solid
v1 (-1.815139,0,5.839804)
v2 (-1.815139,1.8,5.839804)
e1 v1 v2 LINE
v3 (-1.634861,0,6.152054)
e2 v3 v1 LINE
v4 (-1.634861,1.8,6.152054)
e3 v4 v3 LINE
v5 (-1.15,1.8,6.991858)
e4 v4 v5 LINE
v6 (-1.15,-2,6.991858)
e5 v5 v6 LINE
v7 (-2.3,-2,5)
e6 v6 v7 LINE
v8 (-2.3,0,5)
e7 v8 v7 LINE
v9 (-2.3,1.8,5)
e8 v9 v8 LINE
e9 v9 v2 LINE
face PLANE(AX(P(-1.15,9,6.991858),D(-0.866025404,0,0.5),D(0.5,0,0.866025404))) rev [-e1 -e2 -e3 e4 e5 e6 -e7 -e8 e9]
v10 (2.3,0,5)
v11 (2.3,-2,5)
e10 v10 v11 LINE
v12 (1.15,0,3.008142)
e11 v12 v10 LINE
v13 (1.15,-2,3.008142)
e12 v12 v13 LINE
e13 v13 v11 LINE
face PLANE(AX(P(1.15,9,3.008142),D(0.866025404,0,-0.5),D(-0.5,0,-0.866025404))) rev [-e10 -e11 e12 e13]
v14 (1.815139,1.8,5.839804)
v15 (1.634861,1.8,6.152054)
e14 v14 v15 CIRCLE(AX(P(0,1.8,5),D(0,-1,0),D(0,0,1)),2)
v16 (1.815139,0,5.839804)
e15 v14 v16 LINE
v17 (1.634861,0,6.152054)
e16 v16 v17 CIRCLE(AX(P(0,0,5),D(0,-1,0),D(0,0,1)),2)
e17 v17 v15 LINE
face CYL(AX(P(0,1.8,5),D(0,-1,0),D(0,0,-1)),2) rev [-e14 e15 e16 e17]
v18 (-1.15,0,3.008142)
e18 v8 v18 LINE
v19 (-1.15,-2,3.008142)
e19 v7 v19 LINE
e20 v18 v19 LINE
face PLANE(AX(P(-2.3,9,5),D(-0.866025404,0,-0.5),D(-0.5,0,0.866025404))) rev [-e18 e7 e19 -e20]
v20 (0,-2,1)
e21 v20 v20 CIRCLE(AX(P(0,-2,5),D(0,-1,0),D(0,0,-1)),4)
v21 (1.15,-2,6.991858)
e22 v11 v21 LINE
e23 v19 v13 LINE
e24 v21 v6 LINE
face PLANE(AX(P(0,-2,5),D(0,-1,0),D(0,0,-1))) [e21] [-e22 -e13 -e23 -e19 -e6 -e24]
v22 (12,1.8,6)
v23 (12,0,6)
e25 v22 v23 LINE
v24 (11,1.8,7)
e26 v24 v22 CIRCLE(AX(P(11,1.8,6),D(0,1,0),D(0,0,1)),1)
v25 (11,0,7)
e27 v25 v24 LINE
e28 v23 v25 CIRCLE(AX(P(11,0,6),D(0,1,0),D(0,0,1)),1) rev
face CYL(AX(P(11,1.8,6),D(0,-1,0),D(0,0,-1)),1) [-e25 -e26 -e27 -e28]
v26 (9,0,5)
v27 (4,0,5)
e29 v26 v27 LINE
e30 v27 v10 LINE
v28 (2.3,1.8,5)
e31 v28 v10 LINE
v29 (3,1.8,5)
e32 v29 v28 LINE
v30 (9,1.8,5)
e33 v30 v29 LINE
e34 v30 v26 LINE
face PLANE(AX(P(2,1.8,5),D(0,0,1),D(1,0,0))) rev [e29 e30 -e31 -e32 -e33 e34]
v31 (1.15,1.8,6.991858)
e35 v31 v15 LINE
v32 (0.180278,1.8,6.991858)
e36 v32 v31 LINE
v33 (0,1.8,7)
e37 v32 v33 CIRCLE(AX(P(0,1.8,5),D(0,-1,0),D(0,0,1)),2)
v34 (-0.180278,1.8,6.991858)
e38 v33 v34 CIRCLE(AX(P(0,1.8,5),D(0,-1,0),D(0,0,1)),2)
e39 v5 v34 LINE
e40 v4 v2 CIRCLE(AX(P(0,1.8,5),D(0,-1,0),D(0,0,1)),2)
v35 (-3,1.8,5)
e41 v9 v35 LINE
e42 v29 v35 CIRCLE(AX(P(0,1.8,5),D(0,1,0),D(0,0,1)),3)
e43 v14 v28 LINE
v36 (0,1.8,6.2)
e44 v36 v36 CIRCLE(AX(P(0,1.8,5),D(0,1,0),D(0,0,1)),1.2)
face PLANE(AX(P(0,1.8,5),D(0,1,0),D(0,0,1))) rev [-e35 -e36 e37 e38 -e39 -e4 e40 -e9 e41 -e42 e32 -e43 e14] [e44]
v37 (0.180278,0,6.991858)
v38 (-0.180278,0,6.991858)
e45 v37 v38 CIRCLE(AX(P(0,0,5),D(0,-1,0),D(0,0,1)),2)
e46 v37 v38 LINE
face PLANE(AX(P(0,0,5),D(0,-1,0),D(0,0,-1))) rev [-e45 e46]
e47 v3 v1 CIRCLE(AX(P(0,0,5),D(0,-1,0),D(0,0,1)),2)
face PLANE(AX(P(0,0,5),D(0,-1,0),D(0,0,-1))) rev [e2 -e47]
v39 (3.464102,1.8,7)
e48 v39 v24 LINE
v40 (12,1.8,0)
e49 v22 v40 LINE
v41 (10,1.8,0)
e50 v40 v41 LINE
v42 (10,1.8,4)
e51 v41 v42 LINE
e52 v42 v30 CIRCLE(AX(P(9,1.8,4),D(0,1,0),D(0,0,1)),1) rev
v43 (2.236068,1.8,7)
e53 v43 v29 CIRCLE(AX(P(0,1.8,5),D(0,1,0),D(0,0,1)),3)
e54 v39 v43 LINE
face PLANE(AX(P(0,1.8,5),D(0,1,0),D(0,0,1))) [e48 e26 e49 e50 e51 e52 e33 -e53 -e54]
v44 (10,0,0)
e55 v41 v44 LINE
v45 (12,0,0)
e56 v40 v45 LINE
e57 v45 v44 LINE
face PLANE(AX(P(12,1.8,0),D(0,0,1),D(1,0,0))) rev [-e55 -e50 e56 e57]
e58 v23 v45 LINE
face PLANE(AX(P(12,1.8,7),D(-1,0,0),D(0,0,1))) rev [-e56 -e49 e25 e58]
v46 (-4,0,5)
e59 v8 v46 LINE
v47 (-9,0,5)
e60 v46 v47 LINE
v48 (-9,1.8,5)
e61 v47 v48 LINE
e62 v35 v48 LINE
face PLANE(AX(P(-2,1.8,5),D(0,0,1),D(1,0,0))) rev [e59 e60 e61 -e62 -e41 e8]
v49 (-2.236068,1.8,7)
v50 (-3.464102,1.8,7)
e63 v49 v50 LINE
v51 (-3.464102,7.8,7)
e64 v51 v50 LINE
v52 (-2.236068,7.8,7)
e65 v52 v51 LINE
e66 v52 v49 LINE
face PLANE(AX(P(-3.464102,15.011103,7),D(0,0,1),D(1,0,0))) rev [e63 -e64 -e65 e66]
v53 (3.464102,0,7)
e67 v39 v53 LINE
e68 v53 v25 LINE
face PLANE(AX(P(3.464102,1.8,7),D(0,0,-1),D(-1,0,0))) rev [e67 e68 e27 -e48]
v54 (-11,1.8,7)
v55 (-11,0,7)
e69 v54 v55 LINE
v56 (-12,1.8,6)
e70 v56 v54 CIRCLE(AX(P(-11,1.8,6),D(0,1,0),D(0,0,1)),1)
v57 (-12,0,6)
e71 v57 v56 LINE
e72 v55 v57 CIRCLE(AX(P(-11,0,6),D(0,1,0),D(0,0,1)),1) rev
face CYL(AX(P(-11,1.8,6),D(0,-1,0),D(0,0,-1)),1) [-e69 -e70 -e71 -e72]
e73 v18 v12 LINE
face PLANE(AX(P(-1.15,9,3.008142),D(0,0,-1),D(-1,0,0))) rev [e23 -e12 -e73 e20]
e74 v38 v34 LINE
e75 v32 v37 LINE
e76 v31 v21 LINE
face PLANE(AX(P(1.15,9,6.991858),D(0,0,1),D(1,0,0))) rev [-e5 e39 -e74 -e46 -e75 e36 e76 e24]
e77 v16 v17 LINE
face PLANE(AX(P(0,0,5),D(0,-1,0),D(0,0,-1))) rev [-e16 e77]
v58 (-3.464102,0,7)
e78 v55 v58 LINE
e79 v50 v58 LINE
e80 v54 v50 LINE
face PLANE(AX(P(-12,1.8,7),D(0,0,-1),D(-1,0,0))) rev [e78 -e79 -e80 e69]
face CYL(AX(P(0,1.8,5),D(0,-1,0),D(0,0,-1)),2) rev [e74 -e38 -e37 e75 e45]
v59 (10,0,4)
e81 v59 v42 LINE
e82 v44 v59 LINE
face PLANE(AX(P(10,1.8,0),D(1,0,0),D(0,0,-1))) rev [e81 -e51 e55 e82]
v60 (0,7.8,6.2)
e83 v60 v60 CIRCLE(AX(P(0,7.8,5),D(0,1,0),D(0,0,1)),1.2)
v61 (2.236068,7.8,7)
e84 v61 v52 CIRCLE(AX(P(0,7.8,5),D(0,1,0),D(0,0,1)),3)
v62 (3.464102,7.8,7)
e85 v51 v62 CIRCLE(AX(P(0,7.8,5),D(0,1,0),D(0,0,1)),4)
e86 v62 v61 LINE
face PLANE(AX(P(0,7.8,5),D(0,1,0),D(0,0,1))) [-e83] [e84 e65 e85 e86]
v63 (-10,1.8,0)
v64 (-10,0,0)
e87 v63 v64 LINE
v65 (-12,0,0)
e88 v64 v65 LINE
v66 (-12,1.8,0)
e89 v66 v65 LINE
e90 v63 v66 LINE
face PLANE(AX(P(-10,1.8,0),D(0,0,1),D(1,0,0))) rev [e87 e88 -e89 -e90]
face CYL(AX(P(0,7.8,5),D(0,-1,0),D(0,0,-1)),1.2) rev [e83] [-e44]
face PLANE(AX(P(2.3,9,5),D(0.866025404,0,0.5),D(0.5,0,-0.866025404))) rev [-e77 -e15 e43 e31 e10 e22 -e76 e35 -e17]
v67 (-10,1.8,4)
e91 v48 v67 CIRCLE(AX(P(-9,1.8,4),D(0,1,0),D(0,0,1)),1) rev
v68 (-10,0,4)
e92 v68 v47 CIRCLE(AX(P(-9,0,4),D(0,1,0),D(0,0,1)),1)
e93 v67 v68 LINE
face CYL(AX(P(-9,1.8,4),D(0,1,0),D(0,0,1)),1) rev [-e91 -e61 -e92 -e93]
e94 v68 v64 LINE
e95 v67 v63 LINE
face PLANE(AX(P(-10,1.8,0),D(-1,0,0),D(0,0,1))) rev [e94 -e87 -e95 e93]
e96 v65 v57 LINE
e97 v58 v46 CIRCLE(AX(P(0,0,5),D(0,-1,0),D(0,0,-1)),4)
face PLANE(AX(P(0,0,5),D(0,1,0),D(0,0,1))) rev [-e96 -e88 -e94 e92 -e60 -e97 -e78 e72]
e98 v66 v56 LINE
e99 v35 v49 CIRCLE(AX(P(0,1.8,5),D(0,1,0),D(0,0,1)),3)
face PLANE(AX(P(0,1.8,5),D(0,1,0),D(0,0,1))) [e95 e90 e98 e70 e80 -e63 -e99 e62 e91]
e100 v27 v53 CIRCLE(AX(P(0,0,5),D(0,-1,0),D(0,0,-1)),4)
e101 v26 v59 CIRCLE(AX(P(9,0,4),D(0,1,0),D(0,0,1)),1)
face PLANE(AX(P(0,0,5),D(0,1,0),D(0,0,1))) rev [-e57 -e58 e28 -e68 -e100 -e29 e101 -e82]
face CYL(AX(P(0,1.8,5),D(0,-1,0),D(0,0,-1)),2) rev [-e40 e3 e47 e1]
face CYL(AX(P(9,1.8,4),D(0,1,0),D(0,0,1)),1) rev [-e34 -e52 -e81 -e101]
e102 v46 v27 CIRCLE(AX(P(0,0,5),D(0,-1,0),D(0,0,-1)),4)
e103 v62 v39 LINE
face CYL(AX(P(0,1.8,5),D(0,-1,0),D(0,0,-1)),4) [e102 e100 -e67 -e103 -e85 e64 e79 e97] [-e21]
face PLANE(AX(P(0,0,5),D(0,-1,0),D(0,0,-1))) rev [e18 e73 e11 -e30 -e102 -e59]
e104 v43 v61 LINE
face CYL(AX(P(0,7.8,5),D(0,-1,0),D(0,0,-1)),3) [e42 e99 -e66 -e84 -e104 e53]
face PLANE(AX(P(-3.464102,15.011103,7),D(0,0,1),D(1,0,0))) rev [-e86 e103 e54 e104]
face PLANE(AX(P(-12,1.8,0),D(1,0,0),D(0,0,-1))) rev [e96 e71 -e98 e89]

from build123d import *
from build123d.topology import SkipClean

# Parameters (mm, degrees)
BOSS_EXTRU_1_DEPTH      = 1.8
CONG_1_R                = 1
ESQUISSE4_R             = 4
BOSS_EXTRU_3_DEPTH      = 2
ENL_V_MAT_EXTRU_1_DEPTH = 11
ESQUISSE6_R             = 3
ESQUISSE6_R_2           = 1.2
BOSS_EXTRU_4_DEPTH      = 6
BOSS_EXTRU_5_DEPTH      = 6


with BuildPart() as part:
    # Esquisse1 → Boss.-Extru.1 (new body)
    with BuildSketch(Plane(origin=(0, 0, 0), x_dir=(1, 0, 0), z_dir=(0, 1, 0))):
        with BuildLine():
            Line((-10, 0), (-12, 0))
            Line((-12, 0), (-12, -7))
            Line((-12, -7), (-3.464101615, -7))
            ThreePointArc((-3.464101615, -7), (0, -9), (3.464101615, -7))
            Line((3.464101615, -7), (12, -7))
            Line((12, -7), (12, 0))
            Line((12, 0), (10, 0))
            Line((10, 0), (10, -5))
            Line((10, -5), (2, -5))
            ThreePointArc((2, -5), (0, -7), (-2, -5))
            Line((-2, -5), (-10, -5))
            Line((-10, -5), (-10, 0))
        make_face()
    extrude(amount=BOSS_EXTRU_1_DEPTH)

    # Congé1
    cong_1_edges = [part.edges().sort_by_distance(p)[0] for p in [
        (-10, 0.9, 5),
        (10, 0.9, 5),
        (12, 0.9, 7),
        (-12, 0.9, 7),
    ]]
    fillet(cong_1_edges, radius=CONG_1_R)

    # Esquisse4 → Boss.-Extru.3 (add)
    with SkipClean():  # keep this step's faces unmerged: merging them makes the solid invalid here
        with BuildSketch(Plane.XZ):
            with Locations(Location((0, 5, 0), (0, 0, 270))):  # turned: the seam where the file's is
                Circle(ESQUISSE4_R)
        extrude(amount=BOSS_EXTRU_3_DEPTH)

    # Esquisse5 → Enlèv. mat.-Extru.1 (cut)
    with SkipClean():  # keep this step's faces unmerged: merging them makes the solid invalid here
        with BuildSketch(Plane.XZ.offset(2)):
            Polygon((-1.15, 6.991858429), (-2.3, 5), (-1.15, 3.008141571), (1.15, 3.008141571), (2.3, 5), (1.15, 6.991858429), align=None)
        extrude(amount=-ENL_V_MAT_EXTRU_1_DEPTH, mode=Mode.SUBTRACT)

    # Esquisse6 → Boss.-Extru.4 (add)
    with SkipClean():  # keep this step's faces unmerged: merging them makes the solid invalid here
        with BuildSketch(Plane(origin=(0, 1.8, 0), x_dir=(1, 0, 0), z_dir=(0, 1, 0))):
            with Locations(Location((0, -5, 0), (0, 0, 180))):  # turned: the seam where the file's is
                Circle(ESQUISSE6_R)
            with Locations(Location((0, -5, 0), (0, 0, 270))):  # turned: the seam where the file's is
                Circle(ESQUISSE6_R_2, mode=Mode.SUBTRACT)
        extrude(amount=BOSS_EXTRU_4_DEPTH)

    # Esquisse7 → Boss.-Extru.5 (add)
    with SkipClean():  # keep this step's faces unmerged: merging them makes the solid invalid here
        with BuildSketch(Plane(origin=(0, 1.8, 0), x_dir=(1, 0, 0), z_dir=(0, 1, 0))):
            with BuildLine():
                Line((-3.464101615, -7), (3.464101615, -7))
                ThreePointArc((3.464101615, -7), (0, -9), (-3.464101615, -7))
            make_face()
        extrude(amount=BOSS_EXTRU_5_DEPTH)


solid = part.part
